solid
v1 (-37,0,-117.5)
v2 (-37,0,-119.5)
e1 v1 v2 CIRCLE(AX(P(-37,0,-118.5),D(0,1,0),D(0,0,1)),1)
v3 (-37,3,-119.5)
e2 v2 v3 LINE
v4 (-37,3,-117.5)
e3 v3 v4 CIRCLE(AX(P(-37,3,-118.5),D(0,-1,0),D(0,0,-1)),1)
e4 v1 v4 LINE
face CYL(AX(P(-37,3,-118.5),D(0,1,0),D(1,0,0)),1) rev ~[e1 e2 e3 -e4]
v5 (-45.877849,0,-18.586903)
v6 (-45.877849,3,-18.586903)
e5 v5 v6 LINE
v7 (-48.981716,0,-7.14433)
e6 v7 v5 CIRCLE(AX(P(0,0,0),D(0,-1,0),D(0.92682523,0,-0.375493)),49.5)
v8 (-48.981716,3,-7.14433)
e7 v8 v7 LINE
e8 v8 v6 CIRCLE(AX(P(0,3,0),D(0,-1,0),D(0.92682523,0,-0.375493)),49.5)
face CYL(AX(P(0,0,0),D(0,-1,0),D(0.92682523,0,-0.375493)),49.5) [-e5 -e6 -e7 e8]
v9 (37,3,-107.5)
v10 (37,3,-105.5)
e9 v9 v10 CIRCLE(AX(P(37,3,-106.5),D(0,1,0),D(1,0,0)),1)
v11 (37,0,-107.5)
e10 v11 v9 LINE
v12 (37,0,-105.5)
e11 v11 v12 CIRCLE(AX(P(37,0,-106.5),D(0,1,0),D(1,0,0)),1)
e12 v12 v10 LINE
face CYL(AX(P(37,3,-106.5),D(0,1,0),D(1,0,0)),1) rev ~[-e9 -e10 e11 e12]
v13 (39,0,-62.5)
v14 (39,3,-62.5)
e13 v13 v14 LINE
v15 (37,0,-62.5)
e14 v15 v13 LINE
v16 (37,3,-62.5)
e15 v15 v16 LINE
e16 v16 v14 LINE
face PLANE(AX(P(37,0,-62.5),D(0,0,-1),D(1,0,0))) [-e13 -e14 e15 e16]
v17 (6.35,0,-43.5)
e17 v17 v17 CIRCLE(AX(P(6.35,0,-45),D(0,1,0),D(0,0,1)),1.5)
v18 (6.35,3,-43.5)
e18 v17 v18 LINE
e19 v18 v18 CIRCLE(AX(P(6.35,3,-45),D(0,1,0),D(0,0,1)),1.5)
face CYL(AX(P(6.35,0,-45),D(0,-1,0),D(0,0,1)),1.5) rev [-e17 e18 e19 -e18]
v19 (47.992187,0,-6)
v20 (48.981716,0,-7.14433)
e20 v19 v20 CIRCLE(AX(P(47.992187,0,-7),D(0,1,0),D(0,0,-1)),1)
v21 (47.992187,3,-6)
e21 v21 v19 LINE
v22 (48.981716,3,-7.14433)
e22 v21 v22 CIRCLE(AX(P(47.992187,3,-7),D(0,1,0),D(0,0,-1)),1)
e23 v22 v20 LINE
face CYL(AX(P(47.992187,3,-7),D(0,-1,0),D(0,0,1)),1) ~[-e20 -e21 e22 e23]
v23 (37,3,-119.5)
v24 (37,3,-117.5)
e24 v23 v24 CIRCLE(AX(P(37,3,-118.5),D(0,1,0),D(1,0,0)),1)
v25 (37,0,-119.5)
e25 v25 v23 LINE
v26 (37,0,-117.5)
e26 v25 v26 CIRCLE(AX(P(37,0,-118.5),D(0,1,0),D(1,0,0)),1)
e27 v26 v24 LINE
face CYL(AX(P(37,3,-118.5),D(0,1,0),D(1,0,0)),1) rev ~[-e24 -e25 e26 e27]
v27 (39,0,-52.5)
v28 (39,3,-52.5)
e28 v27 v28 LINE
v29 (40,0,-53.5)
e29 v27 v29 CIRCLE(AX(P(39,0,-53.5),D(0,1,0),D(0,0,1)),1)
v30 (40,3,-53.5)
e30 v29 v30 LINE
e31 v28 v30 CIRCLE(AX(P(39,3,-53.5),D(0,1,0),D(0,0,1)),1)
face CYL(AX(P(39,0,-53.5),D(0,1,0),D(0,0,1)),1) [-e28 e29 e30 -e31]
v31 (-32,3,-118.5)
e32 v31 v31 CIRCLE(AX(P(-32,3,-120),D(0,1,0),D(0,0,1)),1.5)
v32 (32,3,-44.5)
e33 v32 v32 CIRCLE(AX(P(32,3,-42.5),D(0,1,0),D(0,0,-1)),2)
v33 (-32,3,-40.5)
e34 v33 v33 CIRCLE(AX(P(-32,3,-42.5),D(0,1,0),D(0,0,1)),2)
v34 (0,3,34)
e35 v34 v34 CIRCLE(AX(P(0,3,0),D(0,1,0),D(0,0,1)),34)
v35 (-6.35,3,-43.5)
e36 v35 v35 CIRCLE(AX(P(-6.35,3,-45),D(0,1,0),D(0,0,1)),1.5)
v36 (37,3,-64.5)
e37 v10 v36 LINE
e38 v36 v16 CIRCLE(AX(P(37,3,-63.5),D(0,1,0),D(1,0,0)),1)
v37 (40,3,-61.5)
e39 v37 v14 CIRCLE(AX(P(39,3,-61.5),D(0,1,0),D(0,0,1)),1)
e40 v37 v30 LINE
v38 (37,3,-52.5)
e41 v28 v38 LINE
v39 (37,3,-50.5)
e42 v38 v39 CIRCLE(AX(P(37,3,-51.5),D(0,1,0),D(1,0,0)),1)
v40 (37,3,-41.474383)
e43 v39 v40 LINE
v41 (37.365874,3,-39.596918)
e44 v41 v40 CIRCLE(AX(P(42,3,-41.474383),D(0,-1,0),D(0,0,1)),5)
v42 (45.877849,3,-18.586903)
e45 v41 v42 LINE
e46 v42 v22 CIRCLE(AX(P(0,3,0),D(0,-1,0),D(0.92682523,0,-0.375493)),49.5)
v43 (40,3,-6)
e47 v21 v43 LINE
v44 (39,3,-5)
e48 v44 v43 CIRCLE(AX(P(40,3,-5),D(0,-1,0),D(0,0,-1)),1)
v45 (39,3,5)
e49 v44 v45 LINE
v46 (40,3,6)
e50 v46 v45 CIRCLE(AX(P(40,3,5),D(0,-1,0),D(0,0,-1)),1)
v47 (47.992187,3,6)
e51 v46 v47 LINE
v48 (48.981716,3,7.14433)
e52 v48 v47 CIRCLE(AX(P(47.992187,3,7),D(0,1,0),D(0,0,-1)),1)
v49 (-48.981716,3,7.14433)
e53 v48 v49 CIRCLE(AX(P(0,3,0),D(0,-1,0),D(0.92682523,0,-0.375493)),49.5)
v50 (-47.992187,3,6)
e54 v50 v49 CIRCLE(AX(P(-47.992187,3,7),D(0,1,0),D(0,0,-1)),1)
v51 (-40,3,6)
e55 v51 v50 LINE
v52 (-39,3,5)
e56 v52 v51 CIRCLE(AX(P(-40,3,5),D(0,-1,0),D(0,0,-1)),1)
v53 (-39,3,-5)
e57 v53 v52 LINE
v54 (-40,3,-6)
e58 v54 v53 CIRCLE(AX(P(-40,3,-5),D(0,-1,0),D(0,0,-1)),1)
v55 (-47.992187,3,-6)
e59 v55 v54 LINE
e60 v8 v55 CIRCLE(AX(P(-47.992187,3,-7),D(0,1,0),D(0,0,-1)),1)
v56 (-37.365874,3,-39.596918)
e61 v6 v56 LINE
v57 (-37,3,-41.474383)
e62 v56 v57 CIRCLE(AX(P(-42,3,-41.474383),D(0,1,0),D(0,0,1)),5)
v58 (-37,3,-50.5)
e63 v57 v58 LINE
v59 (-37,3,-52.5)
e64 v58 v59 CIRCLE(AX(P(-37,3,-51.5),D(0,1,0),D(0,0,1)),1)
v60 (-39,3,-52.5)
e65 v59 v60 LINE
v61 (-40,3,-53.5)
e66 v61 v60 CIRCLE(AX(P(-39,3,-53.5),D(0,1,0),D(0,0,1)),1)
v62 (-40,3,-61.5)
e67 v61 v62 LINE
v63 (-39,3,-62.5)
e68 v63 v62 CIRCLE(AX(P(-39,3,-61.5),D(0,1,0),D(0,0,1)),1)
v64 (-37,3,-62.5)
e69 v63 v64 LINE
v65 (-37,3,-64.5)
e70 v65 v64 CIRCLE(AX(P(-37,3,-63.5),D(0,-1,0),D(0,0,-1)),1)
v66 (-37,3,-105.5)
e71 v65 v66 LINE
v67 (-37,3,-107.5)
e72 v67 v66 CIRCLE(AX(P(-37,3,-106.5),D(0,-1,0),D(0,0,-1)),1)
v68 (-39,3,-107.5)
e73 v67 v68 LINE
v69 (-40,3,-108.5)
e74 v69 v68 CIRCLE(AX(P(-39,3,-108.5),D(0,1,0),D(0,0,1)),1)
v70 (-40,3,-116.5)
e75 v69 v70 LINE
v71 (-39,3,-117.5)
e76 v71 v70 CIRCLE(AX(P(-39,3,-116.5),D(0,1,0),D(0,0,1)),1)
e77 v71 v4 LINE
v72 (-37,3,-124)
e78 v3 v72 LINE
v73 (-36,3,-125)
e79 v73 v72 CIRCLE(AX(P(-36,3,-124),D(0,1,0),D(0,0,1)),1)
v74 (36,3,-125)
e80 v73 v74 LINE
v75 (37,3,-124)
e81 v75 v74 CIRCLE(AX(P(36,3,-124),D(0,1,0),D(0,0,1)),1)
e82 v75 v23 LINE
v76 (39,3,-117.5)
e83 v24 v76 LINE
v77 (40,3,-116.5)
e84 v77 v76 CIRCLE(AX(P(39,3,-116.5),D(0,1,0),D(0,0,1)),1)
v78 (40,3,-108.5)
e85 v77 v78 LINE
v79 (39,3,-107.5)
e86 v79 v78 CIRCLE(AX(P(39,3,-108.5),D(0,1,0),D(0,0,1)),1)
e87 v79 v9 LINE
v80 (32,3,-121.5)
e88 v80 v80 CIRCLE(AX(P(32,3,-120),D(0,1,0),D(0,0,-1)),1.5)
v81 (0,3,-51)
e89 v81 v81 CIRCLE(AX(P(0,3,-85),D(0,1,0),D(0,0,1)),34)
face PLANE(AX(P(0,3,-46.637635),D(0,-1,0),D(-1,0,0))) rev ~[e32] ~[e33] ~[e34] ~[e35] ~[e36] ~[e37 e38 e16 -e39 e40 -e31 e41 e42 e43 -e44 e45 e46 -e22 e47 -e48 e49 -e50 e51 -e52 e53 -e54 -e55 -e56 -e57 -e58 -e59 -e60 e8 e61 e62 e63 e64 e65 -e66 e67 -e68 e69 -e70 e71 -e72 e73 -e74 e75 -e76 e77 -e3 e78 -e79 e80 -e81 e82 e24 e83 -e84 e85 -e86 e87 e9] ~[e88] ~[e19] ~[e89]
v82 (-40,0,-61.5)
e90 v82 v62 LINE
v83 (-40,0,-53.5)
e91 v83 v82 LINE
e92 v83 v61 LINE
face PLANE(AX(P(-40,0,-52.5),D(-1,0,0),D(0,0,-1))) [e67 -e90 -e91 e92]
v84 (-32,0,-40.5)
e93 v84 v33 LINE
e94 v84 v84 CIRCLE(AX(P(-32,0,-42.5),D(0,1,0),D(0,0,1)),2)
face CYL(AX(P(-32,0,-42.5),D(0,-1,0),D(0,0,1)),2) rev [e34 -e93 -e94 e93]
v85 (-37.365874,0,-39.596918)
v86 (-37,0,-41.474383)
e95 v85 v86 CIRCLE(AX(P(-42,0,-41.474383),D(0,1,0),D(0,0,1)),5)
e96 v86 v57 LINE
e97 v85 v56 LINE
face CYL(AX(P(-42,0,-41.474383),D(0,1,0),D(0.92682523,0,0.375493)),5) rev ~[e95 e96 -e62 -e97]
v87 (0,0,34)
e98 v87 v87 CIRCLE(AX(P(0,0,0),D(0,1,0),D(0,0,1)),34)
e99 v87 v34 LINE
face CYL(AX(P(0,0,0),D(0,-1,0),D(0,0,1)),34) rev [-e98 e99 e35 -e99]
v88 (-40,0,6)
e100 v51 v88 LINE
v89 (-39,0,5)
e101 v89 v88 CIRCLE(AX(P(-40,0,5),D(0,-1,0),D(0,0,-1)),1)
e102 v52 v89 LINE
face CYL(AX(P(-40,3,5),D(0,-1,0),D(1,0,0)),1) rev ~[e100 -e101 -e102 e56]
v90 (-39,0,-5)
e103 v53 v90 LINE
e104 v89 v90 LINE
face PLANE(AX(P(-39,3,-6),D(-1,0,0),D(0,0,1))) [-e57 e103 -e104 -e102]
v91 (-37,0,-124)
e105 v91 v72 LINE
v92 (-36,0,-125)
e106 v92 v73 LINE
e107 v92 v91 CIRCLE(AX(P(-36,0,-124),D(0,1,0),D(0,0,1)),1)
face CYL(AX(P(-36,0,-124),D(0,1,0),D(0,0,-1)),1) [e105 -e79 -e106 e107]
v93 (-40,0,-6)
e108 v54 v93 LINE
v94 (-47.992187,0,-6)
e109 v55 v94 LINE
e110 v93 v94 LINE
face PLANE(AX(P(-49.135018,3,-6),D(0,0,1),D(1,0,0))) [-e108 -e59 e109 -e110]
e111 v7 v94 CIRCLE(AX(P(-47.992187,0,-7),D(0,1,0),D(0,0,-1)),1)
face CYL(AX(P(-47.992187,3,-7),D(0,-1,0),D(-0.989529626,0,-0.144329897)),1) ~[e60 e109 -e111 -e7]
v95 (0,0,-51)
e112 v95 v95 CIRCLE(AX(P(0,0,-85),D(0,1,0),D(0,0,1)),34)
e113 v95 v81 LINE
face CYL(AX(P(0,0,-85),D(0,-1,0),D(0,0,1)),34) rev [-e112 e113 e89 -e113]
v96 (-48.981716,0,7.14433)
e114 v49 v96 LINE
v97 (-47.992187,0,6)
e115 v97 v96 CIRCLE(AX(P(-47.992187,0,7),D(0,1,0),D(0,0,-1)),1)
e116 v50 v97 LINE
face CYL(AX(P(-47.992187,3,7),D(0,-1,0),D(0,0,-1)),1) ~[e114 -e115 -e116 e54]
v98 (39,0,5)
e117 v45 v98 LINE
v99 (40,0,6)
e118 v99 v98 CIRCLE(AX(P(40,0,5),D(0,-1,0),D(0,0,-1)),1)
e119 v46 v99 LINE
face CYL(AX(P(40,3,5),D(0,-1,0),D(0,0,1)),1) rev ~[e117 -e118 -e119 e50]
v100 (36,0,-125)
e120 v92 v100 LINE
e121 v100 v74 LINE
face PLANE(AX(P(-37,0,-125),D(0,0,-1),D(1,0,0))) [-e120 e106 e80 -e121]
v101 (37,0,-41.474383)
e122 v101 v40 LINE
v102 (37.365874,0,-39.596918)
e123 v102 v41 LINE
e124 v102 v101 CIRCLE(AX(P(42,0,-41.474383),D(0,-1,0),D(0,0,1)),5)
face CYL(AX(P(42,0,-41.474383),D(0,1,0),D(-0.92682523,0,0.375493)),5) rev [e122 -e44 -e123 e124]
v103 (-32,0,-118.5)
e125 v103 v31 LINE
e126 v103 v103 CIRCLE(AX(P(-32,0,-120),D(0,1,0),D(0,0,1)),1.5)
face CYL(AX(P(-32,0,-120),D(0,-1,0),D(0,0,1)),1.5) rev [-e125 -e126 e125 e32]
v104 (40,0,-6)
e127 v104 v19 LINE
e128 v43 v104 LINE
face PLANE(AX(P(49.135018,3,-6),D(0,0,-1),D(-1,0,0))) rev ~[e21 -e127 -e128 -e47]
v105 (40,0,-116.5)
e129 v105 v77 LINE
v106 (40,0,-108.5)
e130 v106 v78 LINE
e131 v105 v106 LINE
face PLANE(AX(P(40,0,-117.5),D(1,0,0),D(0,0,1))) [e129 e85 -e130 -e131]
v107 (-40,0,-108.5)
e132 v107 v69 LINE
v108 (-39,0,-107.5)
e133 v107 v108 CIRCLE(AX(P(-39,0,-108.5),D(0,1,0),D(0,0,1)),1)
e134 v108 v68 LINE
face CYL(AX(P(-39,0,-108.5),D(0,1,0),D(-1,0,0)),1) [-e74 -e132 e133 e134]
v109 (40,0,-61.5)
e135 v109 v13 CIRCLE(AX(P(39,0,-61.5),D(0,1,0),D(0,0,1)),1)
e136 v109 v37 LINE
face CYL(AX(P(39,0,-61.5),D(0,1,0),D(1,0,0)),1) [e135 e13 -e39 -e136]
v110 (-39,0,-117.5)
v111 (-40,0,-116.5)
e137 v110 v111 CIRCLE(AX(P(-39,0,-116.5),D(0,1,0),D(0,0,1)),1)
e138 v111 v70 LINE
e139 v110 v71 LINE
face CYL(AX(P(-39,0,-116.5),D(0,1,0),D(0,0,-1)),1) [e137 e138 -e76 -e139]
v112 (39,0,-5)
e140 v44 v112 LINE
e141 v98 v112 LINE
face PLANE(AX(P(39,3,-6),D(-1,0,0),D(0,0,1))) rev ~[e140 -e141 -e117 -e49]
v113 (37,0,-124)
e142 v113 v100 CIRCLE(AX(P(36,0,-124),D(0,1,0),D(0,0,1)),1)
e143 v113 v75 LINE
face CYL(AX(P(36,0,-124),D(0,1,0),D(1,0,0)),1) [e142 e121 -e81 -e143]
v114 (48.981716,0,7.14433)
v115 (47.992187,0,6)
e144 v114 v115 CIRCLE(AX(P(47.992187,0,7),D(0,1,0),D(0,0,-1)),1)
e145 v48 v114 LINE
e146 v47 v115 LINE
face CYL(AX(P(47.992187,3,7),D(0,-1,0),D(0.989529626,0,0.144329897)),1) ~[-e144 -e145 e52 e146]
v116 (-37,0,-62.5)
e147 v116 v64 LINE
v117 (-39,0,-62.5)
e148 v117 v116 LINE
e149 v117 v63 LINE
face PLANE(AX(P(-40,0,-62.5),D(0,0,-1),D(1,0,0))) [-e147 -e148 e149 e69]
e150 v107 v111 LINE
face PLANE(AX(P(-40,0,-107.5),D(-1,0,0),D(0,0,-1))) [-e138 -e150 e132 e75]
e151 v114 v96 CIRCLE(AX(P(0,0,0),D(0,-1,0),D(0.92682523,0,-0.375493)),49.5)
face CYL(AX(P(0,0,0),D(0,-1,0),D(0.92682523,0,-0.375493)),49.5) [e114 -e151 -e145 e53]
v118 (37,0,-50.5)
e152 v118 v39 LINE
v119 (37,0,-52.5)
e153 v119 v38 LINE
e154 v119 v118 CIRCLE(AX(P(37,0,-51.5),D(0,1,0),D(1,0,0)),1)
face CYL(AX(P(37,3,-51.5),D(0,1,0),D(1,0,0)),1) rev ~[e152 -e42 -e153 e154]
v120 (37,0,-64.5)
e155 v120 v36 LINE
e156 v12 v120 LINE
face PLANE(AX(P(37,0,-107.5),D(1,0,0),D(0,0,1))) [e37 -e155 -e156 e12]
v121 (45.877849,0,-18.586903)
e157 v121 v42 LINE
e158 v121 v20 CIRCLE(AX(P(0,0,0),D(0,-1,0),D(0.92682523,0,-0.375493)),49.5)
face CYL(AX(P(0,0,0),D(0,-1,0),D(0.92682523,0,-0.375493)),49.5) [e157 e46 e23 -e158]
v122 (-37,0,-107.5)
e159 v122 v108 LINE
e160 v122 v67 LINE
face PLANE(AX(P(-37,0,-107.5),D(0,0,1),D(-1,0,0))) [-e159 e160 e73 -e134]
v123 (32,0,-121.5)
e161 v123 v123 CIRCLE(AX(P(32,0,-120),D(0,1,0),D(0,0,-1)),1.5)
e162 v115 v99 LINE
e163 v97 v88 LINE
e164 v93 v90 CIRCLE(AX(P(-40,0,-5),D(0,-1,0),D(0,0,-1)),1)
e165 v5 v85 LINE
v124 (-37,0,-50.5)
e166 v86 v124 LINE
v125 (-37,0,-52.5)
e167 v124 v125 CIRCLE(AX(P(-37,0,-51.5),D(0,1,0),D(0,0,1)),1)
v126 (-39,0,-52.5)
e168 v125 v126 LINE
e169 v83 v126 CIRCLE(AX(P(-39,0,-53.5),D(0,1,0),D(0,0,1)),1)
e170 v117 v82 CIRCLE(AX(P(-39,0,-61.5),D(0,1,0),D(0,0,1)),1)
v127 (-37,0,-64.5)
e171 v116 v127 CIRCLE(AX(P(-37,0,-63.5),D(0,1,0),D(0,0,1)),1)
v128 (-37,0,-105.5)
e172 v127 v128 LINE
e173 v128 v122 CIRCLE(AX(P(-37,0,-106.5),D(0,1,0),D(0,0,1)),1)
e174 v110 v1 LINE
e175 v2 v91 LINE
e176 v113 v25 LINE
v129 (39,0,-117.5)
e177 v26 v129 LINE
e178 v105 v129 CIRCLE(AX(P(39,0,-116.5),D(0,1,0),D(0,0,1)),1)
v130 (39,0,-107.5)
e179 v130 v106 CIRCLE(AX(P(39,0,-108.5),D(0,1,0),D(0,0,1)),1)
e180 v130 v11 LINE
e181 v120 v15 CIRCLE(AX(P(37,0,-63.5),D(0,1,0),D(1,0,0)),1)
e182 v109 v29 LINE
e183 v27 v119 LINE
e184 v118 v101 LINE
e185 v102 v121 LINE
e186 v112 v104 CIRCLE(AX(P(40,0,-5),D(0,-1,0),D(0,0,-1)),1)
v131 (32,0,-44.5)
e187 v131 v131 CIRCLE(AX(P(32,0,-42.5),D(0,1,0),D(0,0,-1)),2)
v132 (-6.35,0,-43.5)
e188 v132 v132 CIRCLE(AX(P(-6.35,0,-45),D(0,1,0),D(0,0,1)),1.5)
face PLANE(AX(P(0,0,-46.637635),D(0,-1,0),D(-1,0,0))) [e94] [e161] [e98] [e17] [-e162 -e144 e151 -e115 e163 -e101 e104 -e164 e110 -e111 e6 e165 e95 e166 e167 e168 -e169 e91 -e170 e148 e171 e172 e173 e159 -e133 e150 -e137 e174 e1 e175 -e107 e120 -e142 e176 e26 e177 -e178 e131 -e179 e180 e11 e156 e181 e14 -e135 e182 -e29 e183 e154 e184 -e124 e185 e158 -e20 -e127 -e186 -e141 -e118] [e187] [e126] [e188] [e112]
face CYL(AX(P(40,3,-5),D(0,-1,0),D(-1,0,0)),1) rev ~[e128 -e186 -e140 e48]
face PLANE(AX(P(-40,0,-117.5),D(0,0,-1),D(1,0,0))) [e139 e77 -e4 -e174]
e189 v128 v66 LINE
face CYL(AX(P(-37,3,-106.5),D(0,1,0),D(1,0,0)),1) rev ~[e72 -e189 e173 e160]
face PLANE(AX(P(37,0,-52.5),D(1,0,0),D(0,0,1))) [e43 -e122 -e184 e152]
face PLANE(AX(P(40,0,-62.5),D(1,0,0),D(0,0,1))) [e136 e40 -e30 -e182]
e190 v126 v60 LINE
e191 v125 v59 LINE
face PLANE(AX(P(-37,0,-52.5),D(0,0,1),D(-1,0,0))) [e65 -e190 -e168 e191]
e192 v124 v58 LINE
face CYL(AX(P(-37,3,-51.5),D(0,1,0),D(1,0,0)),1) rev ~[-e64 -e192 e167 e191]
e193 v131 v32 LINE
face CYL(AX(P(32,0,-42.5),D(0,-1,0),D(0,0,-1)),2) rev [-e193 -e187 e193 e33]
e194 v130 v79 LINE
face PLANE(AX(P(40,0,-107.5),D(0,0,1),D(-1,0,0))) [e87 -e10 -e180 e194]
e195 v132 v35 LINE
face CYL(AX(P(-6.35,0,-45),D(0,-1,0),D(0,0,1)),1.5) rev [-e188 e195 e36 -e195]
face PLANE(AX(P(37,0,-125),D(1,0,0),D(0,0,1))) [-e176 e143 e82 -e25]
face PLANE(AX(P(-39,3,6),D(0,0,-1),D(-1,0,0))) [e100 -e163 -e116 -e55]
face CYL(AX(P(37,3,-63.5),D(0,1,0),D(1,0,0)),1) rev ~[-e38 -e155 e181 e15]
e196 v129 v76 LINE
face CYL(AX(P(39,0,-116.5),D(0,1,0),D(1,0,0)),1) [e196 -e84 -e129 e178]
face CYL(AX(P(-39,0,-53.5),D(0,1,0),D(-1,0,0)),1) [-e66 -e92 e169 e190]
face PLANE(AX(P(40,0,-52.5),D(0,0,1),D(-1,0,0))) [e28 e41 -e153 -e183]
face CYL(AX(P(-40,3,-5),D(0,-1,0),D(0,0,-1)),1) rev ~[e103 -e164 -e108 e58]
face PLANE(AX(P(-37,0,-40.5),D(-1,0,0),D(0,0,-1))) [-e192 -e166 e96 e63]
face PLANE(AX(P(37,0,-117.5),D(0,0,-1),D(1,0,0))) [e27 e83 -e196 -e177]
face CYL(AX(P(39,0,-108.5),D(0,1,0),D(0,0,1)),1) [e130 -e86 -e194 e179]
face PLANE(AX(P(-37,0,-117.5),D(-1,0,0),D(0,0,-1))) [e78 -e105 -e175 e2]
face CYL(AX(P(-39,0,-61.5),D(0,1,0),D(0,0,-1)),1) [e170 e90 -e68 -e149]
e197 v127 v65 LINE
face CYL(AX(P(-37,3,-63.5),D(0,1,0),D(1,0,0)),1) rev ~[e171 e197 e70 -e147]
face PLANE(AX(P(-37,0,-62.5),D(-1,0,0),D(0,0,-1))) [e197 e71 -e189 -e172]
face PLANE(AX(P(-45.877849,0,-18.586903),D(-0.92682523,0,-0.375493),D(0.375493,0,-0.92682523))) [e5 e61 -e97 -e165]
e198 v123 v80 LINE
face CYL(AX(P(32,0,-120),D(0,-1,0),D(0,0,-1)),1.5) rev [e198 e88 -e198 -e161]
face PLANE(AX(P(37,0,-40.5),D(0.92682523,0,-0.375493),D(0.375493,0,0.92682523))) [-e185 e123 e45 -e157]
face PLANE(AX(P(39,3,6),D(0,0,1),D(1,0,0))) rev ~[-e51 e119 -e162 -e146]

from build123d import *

# Parameters (mm, degrees)
SKETCH_1_R          = 1.5
SKETCH_1_R_2        = 34
SKETCH_1_R_3        = 2
EXTRUDE_1_DEPTH     = 3
CUT_EXTRUDE_1_DEPTH = 135.477693318
SKETCH_8_R          = 1
CUT_EXTRUDE_3_DEPTH = 135.343775442
FILLET_1_R          = 1
FILLET_2_R          = 5


with BuildPart() as part:
    # 草图1 → Extrude 1 (new body)
    with BuildSketch(Plane(origin=(0, 0, 0), x_dir=(1, 0, 0), z_dir=(0, 1, 0))):
        with BuildLine():
            Line((-37, 40.5), (-37, 52.5))
            Line((-37, 52.5), (-40, 52.5))
            Line((-40, 52.5), (-40, 62.5))
            Line((-40, 62.5), (-37, 62.5))
            Line((-37, 62.5), (-37, 107.5))
            Line((-37, 107.5), (-40, 107.5))
            Line((-40, 107.5), (-40, 117.5))
            Line((-40, 117.5), (-37, 117.5))
            Line((-37, 117.5), (-37, 125))
            Line((-37, 125), (37, 125))
            Line((37, 125), (37, 117.5))
            Line((37, 117.5), (40, 117.5))
            Line((40, 117.5), (40, 107.5))
            Line((40, 107.5), (37, 107.5))
            Line((37, 107.5), (37, 62.5))
            Line((37, 62.5), (40, 62.5))
            Line((40, 62.5), (40, 52.5))
            Line((40, 52.5), (37, 52.5))
            Line((37, 52.5), (37, 40.5))
            Line((37, 40.5), (45.877848892, 18.586903481))
            ThreePointArc((45.877848892, 18.586903481), (0, -49.5), (-45.877848892, 18.586903481))
            Line((-45.877848892, 18.586903481), (-37, 40.5))
        make_face()
        with Locations(Location((-6.35, 45, 0), (0, 0, 270))):
            Circle(SKETCH_1_R, mode=Mode.SUBTRACT)
        with Locations(Location((6.35, 45, 0), (0, 0, 270))):
            Circle(SKETCH_1_R, mode=Mode.SUBTRACT)
        with Locations(Location((0, 85, 0), (0, 0, 270))):
            Circle(SKETCH_1_R_2, mode=Mode.SUBTRACT)
        with Locations(Location((0, 0, 0), (0, 0, 270))):
            Circle(SKETCH_1_R_2, mode=Mode.SUBTRACT)
        with Locations(Location((-32, 120, 0), (0, 0, 270))):
            Circle(SKETCH_1_R, mode=Mode.SUBTRACT)
        with Locations(Location((-32, 42.5, 0), (0, 0, 270))):
            Circle(SKETCH_1_R_3, mode=Mode.SUBTRACT)
        with Locations(Location((32, 42.5, 0), (0, 0, 90))):
            Circle(SKETCH_1_R_3, mode=Mode.SUBTRACT)
        with Locations(Location((32, 120, 0), (0, 0, 90))):
            Circle(SKETCH_1_R, mode=Mode.SUBTRACT)
    extrude(amount=EXTRUDE_1_DEPTH)

    # 草图2 → 切除-拉伸1 (cut, through all)
    with BuildSketch(Plane(origin=(0, 3, 0), x_dir=(1, 0, 0), z_dir=(0, 1, 0))):
        with BuildLine():
            Line((-49.135018062, 6), (-39, 6))
            Line((-39, 6), (-39, -6))
            Line((-39, -6), (-49.135018062, -6))
            ThreePointArc((-49.135018062, -6), (-49.5, 0), (-49.135018062, 6))
        make_face()
        with BuildLine():
            Line((49.135018062, 6), (39, 6))
            Line((39, 6), (39, -6))
            Line((39, -6), (49.135018062, -6))
            ThreePointArc((49.135018062, -6), (49.5, 0), (49.135018062, 6))
        make_face()
    extrude(amount=-CUT_EXTRUDE_1_DEPTH, mode=Mode.SUBTRACT)

    # 草图8 → 切除-拉伸3 (cut, through all)
    with BuildSketch(Plane(origin=(0, 3, 0), x_dir=(1, 0, 0), z_dir=(0, 1, 0))):
        with Locations((-37, 118.5)):
            Circle(SKETCH_8_R)
        with Locations((-37, 106.5)):
            Circle(SKETCH_8_R)
        with Locations((-37, 63.5)):
            Circle(SKETCH_8_R)
        with Locations((-37, 51.5)):
            Circle(SKETCH_8_R)
        with Locations((37, 51.5)):
            Circle(SKETCH_8_R)
        with Locations((37, 63.5)):
            Circle(SKETCH_8_R)
        with Locations((37, 106.5)):
            Circle(SKETCH_8_R)
        with Locations((37, 118.5)):
            Circle(SKETCH_8_R)
    extrude(amount=-CUT_EXTRUDE_3_DEPTH, mode=Mode.SUBTRACT)

    # 圆角1
    fillet_1_edges = [part.edges().sort_by_distance(p)[0] for p in [
        (-49.135018062, 1.5, 6),
        (-49.135018062, 1.5, -6),
        (-39, 1.5, -6),
        (-39, 1.5, 6),
        (49.135018062, 1.5, -6),
        (49.135018062, 1.5, 6),
        (39, 1.5, 6),
        (39, 1.5, -6),
        (-40, 1.5, -107.5),
        (-40, 1.5, -117.5),
        (-37, 1.5, -125),
        (37, 1.5, -125),
        (40, 1.5, -117.5),
        (40, 1.5, -107.5),
        (40, 1.5, -62.5),
        (40, 1.5, -52.5),
        (-40, 1.5, -52.5),
        (-40, 1.5, -62.5),
    ]]
    fillet(fillet_1_edges, radius=FILLET_1_R)

    # 圆角2
    fillet_2_edges = [part.edges().sort_by_distance(p)[0] for p in [
        (37, 1.5, -40.5),
        (-37, 1.5, -40.5),
    ]]
    fillet(fillet_2_edges, radius=FILLET_2_R)


solid = part.part
